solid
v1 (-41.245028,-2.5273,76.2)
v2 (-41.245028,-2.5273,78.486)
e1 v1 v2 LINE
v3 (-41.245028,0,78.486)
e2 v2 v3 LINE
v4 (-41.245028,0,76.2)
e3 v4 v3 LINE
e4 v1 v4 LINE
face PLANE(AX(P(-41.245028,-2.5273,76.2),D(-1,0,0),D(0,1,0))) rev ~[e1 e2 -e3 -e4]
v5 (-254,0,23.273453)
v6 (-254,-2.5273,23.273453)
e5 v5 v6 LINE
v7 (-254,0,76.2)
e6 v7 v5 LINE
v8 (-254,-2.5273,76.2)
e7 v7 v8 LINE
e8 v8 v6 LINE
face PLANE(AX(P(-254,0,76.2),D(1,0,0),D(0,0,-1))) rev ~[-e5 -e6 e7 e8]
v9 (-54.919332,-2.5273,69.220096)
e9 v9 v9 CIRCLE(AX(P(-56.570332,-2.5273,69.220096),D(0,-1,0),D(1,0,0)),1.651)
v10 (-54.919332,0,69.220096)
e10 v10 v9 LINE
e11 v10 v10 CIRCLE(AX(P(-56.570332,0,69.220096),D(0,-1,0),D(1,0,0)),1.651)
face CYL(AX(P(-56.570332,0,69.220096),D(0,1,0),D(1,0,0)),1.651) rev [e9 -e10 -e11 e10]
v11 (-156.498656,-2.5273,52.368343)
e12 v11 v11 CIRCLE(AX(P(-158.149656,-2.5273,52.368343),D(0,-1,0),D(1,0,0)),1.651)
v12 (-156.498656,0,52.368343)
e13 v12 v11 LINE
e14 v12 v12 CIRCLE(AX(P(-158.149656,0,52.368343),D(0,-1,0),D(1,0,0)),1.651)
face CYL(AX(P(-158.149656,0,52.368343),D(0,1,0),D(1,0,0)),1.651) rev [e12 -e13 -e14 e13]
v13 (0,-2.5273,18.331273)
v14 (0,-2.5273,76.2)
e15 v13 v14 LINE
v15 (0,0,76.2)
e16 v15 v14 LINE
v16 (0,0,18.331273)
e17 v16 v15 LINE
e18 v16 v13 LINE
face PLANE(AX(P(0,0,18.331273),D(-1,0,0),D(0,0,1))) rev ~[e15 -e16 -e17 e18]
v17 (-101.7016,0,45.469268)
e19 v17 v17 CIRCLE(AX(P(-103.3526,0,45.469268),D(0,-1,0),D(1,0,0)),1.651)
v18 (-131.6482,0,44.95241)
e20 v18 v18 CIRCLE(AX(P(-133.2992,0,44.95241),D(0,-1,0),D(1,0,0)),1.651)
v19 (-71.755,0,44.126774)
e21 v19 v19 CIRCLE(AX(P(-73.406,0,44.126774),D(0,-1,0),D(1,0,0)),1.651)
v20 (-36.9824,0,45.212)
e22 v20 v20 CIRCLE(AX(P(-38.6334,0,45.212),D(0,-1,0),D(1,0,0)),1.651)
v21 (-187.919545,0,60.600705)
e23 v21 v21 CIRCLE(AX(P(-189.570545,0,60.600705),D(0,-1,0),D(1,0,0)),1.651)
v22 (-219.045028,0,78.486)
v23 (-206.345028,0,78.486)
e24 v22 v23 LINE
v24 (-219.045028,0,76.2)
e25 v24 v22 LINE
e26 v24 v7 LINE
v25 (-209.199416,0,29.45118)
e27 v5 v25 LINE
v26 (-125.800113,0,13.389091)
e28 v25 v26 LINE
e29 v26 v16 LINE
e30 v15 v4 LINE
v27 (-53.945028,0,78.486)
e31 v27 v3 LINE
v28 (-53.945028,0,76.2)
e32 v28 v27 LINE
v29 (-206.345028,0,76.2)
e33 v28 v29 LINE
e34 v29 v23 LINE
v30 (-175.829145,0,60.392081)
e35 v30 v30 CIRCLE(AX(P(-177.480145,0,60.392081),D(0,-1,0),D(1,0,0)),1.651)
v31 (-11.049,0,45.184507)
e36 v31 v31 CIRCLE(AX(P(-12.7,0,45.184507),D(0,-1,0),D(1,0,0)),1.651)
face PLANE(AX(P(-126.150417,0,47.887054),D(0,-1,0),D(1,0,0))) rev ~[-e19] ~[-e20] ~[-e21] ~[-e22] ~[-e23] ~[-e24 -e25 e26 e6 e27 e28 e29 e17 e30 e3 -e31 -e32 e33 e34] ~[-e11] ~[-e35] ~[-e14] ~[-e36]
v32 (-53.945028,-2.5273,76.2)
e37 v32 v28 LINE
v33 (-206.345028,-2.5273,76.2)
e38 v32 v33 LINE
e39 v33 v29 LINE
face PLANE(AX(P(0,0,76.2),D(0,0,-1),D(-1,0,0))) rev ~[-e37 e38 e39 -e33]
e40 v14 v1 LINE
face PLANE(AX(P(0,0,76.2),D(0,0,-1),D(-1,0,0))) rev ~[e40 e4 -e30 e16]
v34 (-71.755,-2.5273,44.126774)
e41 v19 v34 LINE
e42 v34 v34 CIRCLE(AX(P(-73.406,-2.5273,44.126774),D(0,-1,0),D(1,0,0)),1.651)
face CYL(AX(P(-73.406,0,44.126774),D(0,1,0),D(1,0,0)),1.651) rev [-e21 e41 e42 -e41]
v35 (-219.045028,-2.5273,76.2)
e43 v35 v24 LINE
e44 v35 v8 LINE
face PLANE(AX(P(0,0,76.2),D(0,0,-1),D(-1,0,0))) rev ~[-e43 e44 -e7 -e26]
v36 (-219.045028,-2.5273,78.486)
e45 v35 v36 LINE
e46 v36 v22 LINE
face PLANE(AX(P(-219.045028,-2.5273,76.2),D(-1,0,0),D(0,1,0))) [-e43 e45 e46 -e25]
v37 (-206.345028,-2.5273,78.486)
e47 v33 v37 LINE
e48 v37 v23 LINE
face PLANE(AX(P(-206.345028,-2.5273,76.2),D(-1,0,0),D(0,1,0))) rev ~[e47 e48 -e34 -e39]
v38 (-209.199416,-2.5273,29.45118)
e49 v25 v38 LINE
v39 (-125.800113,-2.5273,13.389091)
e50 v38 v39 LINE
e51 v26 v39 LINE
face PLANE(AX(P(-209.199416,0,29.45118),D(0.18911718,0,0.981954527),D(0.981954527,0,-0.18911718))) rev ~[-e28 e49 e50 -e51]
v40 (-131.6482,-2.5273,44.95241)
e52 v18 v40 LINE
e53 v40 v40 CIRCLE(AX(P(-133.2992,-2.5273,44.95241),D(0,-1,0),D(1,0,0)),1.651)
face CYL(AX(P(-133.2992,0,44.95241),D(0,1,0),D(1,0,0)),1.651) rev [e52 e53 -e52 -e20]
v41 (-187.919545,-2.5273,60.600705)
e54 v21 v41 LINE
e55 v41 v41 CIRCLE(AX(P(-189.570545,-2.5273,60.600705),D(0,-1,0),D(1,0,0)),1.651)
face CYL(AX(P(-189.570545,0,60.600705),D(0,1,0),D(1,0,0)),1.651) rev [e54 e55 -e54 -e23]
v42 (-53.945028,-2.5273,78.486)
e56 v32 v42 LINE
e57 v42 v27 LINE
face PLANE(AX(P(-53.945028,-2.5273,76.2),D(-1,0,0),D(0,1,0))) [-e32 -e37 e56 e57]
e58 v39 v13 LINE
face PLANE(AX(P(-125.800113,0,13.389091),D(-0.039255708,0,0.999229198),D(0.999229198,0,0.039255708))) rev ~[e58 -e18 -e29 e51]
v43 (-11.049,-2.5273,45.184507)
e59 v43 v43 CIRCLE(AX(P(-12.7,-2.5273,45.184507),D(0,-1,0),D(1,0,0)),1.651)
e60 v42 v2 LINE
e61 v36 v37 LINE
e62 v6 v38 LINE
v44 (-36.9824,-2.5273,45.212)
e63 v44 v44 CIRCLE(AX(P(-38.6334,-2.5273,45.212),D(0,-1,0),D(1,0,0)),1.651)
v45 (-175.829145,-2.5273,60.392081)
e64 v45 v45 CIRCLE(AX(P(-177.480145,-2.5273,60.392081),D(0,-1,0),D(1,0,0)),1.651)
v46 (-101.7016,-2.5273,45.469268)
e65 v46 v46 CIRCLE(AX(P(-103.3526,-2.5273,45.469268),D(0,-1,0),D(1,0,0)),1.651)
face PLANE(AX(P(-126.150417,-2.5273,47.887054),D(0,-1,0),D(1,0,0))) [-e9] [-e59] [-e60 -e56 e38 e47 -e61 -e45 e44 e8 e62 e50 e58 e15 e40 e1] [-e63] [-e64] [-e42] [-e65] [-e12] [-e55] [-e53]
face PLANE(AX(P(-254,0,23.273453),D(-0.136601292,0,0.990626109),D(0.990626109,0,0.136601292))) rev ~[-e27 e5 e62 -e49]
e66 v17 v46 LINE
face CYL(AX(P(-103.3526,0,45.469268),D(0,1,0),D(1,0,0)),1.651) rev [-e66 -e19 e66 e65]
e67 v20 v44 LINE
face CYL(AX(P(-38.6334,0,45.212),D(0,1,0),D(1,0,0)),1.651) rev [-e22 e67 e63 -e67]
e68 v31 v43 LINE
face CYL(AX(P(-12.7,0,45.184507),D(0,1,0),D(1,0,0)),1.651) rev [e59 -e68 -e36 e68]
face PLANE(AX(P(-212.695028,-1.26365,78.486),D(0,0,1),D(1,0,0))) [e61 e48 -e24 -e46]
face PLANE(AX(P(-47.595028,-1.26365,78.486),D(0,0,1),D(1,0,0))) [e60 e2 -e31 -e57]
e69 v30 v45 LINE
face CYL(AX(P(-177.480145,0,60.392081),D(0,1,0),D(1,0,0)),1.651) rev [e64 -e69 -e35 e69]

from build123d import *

# Parameters (mm, degrees)
F0_R     = 1.651
F1_DEPTH = 2.5273
F2_W     = 12.7
F2_H     = 2.5273
F3_DEPTH = 2.286


with BuildPart() as f1:
    # F0 (on Front) → F1 (new body)
    with BuildSketch(Plane.XZ):
        Polygon((0, 18.331273), (0, 76.2), (-254, 76.2), (-254, 23.273453), (-209.199416, 29.45118), (-125.800113, 13.389091), align=None)
        with Locations((-133.2992, 44.95241)):
            Circle(F0_R, mode=Mode.SUBTRACT)
        with Locations((-158.149656, 52.368343)):
            Circle(F0_R, mode=Mode.SUBTRACT)
        with Locations((-189.570545, 60.600705)):
            Circle(F0_R, mode=Mode.SUBTRACT)
        with Locations((-177.480145, 60.392081)):
            Circle(F0_R, mode=Mode.SUBTRACT)
        with Locations((-103.3526, 45.469268)):
            Circle(F0_R, mode=Mode.SUBTRACT)
        with Locations((-73.406, 44.126774)):
            Circle(F0_R, mode=Mode.SUBTRACT)
        with Locations((-38.6334, 45.212)):
            Circle(F0_R, mode=Mode.SUBTRACT)
        with Locations((-12.7, 45.184507)):
            Circle(F0_R, mode=Mode.SUBTRACT)
        with Locations((-56.570332, 69.220096)):
            Circle(F0_R, mode=Mode.SUBTRACT)
    extrude(amount=F1_DEPTH)

    # F2 (on face) → F3 (join)
    with BuildSketch(Plane.XY.offset(76.2)):
        with Locations((-47.595028, -1.26365)):
            Rectangle(F2_W, F2_H)
        with Locations((-212.695028, -1.26365)):
            Rectangle(F2_W, F2_H)
    extrude(amount=F3_DEPTH)


solid = f1.part
